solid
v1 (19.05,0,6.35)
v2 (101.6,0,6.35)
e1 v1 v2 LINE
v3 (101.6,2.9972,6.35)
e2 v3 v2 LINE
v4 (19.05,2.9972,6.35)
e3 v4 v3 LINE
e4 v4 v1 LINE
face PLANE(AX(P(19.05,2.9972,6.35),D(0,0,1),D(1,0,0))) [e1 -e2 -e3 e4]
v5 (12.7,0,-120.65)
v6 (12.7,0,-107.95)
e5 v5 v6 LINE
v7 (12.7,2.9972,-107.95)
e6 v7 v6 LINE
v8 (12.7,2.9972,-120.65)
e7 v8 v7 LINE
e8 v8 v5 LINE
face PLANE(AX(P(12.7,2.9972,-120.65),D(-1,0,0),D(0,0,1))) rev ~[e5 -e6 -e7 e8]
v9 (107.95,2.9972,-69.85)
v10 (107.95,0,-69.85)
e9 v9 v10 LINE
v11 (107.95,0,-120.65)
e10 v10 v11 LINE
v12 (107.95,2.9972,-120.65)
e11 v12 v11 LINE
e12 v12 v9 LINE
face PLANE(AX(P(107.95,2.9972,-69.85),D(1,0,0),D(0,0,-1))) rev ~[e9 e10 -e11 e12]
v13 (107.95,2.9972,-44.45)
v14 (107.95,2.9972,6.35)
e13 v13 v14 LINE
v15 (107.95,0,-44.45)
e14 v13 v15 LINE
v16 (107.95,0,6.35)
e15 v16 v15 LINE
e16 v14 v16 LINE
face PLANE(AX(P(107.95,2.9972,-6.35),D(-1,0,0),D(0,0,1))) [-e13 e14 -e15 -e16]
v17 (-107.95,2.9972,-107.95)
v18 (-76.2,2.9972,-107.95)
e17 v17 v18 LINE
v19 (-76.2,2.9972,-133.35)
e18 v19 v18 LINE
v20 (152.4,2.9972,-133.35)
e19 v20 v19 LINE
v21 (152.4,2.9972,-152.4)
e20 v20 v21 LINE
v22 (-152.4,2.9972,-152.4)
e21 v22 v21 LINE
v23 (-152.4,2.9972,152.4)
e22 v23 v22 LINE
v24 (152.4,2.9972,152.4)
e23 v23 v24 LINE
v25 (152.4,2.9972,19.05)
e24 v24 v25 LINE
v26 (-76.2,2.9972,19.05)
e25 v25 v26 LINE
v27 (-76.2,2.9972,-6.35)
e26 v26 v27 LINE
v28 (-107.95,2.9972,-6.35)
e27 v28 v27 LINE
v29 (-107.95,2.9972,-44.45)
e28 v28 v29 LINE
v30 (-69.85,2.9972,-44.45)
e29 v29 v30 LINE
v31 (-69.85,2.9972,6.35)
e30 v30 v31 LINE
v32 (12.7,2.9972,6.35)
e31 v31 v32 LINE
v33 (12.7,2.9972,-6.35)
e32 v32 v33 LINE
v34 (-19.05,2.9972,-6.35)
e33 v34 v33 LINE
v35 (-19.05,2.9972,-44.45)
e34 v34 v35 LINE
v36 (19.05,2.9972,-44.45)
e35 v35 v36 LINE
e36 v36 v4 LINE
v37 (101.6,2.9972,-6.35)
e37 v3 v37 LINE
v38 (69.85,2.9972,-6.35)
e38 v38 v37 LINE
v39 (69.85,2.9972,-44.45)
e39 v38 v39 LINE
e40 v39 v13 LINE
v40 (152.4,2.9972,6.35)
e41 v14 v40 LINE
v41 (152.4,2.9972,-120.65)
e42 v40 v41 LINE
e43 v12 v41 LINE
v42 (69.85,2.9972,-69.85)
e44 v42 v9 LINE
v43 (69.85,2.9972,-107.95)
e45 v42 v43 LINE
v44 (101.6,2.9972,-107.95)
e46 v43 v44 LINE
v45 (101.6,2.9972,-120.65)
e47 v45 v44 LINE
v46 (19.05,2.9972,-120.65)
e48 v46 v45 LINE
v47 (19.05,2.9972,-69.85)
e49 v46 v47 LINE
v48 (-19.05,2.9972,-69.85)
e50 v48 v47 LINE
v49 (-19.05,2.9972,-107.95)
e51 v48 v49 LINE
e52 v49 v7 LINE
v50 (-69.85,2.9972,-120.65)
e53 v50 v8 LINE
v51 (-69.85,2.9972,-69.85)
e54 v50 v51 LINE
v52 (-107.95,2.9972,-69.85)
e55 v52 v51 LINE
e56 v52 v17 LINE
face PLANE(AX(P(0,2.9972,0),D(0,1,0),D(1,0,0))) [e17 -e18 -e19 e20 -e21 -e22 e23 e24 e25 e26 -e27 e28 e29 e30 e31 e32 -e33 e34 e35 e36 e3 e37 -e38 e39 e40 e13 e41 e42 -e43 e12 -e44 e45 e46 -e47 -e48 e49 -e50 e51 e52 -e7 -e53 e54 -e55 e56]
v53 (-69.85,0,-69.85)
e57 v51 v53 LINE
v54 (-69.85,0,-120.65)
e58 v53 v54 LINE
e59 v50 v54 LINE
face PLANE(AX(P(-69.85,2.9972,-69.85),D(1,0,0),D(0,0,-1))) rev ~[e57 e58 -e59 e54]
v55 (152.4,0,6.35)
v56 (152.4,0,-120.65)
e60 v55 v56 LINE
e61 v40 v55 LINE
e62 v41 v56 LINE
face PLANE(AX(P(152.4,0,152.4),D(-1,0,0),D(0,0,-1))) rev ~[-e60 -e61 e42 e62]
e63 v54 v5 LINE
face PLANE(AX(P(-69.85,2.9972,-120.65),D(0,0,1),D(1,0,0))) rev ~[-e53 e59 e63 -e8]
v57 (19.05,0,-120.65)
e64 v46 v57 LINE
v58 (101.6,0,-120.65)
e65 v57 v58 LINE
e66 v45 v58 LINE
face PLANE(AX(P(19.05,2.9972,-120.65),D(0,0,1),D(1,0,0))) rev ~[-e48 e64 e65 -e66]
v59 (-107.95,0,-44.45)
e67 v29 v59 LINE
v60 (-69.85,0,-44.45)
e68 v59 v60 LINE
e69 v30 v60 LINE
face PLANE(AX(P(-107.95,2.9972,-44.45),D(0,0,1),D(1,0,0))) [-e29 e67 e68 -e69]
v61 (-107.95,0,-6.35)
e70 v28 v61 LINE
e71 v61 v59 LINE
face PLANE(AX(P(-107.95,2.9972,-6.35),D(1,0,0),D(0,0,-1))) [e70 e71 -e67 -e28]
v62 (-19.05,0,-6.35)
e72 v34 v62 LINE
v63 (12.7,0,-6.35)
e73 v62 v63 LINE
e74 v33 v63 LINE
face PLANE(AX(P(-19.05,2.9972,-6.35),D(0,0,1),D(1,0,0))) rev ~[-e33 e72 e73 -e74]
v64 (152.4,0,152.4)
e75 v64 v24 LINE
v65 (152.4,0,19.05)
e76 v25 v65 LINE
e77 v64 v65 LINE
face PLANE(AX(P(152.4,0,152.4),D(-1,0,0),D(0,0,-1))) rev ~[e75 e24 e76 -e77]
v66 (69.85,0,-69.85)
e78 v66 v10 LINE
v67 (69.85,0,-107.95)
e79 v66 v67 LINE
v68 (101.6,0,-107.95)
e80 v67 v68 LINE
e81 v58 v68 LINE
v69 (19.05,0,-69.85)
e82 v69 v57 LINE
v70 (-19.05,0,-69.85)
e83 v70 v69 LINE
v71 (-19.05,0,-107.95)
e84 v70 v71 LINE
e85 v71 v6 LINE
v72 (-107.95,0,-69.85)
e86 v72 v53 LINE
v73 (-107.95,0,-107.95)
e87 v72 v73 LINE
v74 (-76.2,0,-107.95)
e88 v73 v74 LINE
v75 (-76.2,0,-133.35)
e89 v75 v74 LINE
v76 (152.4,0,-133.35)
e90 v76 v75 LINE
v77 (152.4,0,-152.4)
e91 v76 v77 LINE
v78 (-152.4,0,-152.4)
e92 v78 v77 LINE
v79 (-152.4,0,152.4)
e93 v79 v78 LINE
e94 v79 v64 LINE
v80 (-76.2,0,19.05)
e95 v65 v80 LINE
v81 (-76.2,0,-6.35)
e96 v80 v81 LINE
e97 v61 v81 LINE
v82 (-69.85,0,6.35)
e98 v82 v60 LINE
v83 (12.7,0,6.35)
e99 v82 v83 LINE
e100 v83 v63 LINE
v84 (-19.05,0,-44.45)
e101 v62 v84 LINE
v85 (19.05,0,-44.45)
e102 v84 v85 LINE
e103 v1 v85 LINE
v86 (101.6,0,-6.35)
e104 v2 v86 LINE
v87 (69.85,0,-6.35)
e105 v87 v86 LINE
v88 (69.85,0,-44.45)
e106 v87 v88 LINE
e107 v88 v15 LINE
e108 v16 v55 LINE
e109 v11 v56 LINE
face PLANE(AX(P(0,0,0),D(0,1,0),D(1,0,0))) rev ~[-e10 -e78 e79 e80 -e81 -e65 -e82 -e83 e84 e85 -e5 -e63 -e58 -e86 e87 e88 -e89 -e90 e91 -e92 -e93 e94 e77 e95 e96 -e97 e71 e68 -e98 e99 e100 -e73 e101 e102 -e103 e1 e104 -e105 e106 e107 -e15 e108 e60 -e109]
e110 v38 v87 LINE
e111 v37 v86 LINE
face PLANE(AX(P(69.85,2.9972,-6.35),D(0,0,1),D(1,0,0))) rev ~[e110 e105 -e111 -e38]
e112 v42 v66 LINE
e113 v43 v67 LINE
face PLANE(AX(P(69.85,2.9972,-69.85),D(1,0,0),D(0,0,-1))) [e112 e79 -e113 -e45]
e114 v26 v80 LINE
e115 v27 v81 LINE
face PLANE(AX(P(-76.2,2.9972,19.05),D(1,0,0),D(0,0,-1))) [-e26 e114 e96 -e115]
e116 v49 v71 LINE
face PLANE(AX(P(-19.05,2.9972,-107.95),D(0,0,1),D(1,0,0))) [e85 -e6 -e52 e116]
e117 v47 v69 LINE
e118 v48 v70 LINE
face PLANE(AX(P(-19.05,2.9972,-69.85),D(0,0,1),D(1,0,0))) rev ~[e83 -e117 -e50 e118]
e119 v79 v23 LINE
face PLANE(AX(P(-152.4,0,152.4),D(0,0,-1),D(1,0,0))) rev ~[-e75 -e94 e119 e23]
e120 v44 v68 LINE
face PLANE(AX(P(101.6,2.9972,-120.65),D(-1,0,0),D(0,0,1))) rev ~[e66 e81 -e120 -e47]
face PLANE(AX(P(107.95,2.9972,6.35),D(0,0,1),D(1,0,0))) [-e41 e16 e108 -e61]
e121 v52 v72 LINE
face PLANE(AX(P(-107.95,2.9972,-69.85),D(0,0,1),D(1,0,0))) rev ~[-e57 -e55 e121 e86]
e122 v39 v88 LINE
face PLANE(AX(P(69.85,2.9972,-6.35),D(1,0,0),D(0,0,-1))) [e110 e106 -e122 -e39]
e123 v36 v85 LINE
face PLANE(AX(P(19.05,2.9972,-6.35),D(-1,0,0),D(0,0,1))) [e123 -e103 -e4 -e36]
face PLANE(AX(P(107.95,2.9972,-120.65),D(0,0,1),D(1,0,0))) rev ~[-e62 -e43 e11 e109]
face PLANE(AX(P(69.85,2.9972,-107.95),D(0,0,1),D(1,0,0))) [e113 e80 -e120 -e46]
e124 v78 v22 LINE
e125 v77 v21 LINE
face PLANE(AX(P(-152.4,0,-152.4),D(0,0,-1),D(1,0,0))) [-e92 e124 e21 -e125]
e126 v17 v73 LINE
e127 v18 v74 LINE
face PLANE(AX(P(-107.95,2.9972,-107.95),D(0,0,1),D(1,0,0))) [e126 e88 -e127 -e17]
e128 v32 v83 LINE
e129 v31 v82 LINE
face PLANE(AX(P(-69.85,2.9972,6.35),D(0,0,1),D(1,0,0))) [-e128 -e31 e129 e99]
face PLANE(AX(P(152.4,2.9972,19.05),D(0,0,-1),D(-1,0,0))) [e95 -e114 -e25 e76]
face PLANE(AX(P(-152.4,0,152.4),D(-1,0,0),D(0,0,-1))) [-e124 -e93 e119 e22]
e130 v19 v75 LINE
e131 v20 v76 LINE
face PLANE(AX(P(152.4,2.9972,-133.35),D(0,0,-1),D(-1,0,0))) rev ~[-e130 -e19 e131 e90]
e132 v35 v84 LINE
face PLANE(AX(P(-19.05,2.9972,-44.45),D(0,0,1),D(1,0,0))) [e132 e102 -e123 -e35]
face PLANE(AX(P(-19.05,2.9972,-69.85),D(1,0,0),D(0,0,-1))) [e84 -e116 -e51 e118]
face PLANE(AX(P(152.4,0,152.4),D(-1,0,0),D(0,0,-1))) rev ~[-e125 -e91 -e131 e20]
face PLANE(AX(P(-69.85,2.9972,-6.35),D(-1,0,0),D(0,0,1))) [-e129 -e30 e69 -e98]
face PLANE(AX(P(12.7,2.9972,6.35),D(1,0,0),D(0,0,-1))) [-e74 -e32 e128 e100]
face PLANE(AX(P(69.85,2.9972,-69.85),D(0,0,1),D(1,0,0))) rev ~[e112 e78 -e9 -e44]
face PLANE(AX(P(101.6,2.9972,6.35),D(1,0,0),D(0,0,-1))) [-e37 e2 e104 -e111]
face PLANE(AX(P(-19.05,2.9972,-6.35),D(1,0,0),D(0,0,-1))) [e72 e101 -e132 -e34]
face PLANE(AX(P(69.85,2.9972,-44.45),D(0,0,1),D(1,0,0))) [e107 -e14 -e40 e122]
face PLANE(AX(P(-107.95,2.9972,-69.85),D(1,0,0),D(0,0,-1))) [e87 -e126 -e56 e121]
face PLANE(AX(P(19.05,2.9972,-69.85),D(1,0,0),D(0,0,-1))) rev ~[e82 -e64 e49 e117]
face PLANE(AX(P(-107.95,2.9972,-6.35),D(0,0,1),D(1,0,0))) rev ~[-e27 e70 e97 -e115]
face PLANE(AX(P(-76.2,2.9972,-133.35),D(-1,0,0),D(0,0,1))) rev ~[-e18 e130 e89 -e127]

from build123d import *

# Parameters (mm, degrees)
SKETCH1_W            = 304.8
SKETCH1_H            = 304.8
BOSS_EXTRUDE1_DEPTH  = 2.9972
SKETCH2_W            = 38.1
SKETCH2_H            = 38.1
CUT_EXTRUDE1_DEPTH   = 2.9972
LPATTERN1_COUNT      = 3
LPATTERN1_PITCH      = 88.9
LPATTERN1_COUNT_DIR2 = 2
LPATTERN1_PITCH_DIR2 = 63.5
CUT_EXTRUDE2_DEPTH   = 2.9972


with BuildPart() as part:
    # Sketch1 → Boss-Extrude1 (new body)
    with BuildSketch(Plane(origin=(0, 0, 0), x_dir=(1, 0, 0), z_dir=(0, 1, 0))):
        Rectangle(SKETCH1_W, SKETCH1_H)
    extrude(amount=BOSS_EXTRUDE1_DEPTH)

    # Sketch2 → Cut-Extrude1 (cut)
    with BuildSketch(Plane(origin=(0, 2.9972, 0), x_dir=(1, 0, 0), z_dir=(0, 1, 0))):
        with Locations((-88.9, 88.9)):
            Rectangle(SKETCH2_W, SKETCH2_H)
    cut_extrude1 = extrude(amount=-CUT_EXTRUDE1_DEPTH, mode=Mode.SUBTRACT)

    # LPattern1: Cut-Extrude1 3 × 2
    with Locations(*[(i * LPATTERN1_PITCH, 0, j * LPATTERN1_PITCH_DIR2) for i in range(LPATTERN1_COUNT) for j in range(LPATTERN1_COUNT_DIR2) if (i, j) != (0, 0)]):
        add(cut_extrude1, mode=Mode.SUBTRACT)

    # Sketch3 → Cut-Extrude2 (cut)
    with BuildSketch(Plane(origin=(0, 2.9972, 0), x_dir=(1, 0, 0), z_dir=(0, 1, 0))):
        Polygon((-69.85, 107.95), (-69.85, 120.65), (12.7, 120.65), (12.7, 107.95), (19.05, 107.95), (19.05, 120.65), (101.6, 120.65), (101.6, 107.95), (107.95, 107.95), (107.95, 120.65), (152.4, 120.65), (152.4, 133.35), (-76.2, 133.35), (-76.2, 107.95), align=None)
        Polygon((-69.85, 6.35), (-69.85, -6.35), (12.7, -6.35), (12.7, 6.35), (19.05, 6.35), (19.05, -6.35), (101.6, -6.35), (101.6, 6.35), (107.95, 6.35), (107.95, -6.35), (152.4, -6.35), (152.4, -19.05), (-76.2, -19.05), (-76.2, 6.35), align=None)
    extrude(amount=-CUT_EXTRUDE2_DEPTH, mode=Mode.SUBTRACT)


solid = part.part
